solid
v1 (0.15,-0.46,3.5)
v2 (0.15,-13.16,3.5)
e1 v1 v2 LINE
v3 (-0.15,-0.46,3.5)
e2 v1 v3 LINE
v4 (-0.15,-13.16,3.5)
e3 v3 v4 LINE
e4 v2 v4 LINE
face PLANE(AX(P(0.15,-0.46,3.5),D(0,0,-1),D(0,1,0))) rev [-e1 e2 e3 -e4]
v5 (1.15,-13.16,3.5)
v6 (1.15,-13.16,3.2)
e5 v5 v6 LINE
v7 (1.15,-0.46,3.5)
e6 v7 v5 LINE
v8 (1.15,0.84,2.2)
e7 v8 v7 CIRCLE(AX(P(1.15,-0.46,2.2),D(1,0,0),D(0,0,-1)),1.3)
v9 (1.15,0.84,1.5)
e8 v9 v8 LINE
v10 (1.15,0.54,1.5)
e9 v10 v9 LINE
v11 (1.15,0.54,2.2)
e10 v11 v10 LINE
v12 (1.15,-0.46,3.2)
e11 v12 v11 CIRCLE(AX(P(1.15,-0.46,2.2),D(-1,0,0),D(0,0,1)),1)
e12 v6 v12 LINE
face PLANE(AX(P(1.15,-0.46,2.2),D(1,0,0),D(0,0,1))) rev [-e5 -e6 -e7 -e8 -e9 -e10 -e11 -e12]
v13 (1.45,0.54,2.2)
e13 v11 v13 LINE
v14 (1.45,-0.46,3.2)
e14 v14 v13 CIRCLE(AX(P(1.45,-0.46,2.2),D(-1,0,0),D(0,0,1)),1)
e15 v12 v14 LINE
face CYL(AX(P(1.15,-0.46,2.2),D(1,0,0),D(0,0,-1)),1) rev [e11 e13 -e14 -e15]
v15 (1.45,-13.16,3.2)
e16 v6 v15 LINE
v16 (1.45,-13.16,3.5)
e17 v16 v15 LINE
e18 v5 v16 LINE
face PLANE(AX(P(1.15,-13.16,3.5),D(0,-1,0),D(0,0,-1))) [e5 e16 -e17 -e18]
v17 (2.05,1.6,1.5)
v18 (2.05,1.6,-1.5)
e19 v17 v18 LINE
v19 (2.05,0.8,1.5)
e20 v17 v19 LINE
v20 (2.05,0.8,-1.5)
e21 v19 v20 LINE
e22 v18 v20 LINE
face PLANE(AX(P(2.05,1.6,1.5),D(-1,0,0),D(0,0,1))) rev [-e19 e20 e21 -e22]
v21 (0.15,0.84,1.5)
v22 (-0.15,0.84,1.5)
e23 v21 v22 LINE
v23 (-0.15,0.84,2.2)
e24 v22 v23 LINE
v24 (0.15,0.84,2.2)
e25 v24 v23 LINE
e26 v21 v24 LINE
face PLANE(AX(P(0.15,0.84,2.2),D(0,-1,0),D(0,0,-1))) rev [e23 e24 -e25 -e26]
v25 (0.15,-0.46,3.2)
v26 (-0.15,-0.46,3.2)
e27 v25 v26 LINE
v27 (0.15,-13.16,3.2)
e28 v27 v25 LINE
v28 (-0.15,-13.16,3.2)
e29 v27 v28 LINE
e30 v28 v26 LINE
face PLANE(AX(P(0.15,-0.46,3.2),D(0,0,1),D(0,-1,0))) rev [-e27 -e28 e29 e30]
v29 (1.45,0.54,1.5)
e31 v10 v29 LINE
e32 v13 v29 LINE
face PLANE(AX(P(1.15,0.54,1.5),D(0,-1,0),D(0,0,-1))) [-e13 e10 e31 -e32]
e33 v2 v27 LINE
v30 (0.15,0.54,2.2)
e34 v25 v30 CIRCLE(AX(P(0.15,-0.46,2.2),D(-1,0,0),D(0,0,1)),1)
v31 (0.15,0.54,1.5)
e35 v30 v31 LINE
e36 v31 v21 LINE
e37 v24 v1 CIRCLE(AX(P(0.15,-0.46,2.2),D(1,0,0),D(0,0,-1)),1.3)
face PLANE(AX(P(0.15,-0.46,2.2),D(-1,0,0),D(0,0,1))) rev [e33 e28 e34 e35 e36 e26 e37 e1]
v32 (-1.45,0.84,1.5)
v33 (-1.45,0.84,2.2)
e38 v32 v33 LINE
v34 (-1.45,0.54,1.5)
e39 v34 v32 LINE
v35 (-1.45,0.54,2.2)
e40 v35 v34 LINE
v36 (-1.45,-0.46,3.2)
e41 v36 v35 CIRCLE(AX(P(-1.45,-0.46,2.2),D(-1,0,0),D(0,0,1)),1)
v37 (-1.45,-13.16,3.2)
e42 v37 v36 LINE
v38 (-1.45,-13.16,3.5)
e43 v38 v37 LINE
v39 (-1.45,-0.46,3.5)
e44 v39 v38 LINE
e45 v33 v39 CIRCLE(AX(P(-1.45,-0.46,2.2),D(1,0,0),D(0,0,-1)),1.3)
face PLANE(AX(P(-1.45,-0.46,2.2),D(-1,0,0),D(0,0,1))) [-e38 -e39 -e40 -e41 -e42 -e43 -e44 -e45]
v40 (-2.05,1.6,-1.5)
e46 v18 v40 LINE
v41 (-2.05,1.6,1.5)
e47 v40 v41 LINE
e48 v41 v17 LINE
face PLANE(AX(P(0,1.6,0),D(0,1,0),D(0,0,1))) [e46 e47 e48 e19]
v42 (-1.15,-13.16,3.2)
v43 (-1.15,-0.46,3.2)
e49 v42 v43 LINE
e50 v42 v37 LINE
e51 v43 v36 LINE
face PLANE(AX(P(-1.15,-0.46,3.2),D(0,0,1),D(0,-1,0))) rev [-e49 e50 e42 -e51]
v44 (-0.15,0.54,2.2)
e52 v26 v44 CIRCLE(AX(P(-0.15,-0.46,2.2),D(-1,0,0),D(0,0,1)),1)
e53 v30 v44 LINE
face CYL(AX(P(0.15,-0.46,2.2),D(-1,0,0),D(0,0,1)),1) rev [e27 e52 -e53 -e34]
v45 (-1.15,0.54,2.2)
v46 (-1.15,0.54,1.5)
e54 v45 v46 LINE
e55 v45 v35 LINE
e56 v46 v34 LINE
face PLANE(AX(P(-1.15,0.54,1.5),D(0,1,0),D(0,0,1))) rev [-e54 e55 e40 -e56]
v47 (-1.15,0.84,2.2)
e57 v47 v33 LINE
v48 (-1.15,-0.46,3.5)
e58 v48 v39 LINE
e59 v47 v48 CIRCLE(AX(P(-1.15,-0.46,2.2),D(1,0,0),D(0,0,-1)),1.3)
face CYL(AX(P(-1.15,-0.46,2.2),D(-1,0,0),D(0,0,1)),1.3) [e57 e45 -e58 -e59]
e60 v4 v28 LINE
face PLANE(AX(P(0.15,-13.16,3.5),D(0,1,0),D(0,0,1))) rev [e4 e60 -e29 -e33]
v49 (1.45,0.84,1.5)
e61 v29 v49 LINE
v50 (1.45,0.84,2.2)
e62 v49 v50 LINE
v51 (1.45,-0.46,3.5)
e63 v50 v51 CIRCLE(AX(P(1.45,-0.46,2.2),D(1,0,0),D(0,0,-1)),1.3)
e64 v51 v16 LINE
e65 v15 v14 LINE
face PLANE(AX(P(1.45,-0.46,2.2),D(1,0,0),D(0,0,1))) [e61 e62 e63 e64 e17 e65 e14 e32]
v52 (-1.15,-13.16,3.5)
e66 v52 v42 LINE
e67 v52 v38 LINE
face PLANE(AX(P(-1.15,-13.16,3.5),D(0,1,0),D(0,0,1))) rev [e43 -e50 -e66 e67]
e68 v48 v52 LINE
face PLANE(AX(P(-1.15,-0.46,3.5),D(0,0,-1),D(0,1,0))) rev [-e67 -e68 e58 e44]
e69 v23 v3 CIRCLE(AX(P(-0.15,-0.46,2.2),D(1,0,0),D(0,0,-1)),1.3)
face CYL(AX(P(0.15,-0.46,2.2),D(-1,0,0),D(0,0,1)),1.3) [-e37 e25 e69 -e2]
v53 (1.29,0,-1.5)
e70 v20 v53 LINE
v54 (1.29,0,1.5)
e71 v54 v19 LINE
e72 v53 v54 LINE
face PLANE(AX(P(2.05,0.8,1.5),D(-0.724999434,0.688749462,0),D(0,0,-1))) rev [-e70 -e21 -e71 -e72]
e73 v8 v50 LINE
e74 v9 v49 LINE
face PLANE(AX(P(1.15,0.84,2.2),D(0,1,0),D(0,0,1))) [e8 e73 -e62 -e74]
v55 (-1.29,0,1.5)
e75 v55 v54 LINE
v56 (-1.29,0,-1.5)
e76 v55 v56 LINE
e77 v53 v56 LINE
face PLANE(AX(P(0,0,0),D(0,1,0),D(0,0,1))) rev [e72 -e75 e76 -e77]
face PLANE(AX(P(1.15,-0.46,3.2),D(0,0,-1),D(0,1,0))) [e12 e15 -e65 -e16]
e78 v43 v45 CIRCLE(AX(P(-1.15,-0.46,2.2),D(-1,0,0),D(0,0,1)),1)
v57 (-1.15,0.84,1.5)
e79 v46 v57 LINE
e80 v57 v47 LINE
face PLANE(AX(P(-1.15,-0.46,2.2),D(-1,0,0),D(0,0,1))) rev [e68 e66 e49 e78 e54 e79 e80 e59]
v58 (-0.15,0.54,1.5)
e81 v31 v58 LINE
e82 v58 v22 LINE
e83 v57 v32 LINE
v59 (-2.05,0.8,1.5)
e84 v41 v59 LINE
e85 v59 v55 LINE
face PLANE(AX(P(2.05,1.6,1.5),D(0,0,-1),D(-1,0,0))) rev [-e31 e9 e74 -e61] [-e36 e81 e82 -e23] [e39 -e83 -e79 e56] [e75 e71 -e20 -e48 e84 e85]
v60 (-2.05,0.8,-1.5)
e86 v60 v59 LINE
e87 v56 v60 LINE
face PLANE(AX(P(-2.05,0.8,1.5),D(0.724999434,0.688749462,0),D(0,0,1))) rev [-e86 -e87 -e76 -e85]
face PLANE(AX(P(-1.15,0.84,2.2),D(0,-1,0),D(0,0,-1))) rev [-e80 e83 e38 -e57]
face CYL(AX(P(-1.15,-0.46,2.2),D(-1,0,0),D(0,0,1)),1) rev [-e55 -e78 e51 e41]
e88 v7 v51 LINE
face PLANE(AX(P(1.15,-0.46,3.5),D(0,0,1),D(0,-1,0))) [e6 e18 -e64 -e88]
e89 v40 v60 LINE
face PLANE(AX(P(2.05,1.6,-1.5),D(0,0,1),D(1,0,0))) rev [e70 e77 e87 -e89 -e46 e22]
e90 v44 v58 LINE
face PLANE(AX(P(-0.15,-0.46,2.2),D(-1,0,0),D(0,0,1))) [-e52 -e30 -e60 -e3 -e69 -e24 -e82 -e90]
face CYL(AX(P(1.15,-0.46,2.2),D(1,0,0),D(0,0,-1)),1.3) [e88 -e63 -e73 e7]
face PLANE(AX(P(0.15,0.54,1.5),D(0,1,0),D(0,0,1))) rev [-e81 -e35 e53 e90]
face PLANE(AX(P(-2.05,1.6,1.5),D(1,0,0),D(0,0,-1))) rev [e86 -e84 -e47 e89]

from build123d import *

# Parameters (mm, degrees)
SKETCH_1_W             = 4.1
SKETCH_1_H             = 3
EXTRUDE_1_DEPTH        = 1.6
CHAMFER_1_SIZE         = 0.76
CHAMFER_1_SIZE2        = 0.8
EXTRUDE_2_DEPTH        = 0.15
PATTERN_LINEAR_1_COUNT = 2
PATTERN_LINEAR_1_PITCH = 1.3
MIRROR_1_COPY_1_DEPTH  = 0.15
MIRROR_1_COPY_2_DEPTH  = 0.15


with BuildPart() as part:
    # Эскиз1 → Бобышка-Вытянуть1 (new body)
    with BuildSketch(Plane(origin=(0, 0, 0), x_dir=(1, 0, 0), z_dir=(0, 1, 0))):
        Rectangle(SKETCH_1_W, SKETCH_1_H)
    extrude(amount=EXTRUDE_1_DEPTH)

    # Фаска1
    chamfer_1_edges = [part.edges().sort_by_distance(p)[0] for p in [
        (2.05, 0, 0),
        (-2.05, 0, 0),
    ]]
    chamfer_1_side = [part.faces().sort_by_distance(p)[0] for p in [
        (0, 0, 0),
    ]]
    chamfer(chamfer_1_edges, length=CHAMFER_1_SIZE, length2=CHAMFER_1_SIZE2, reference=chamfer_1_side[0])

    # Эскиз2 → Бобышка-Вытянуть2 (add, symmetric)
    with BuildSketch(Plane(origin=(0, 0, 0), x_dir=(0, 0, -1), z_dir=(1, 0, 0))):
        with BuildLine():
            Line((-2.2, 0.84), (-1.5, 0.84))
            Line((-1.5, 0.84), (-1.5, 0.54))
            Line((-1.5, 0.54), (-2.2, 0.54))
            ThreePointArc((-2.2, 0.54), (-2.907106781, 0.247106781), (-3.2, -0.46))
            Line((-3.2, -0.46), (-3.2, -13.16))
            Line((-3.2, -13.16), (-3.5, -13.16))
            Line((-3.5, -13.16), (-3.5, -0.46))
            ThreePointArc((-3.5, -0.46), (-3.119238816, 0.459238816), (-2.2, 0.84))
        make_face()
    extrude_2 = extrude(amount=EXTRUDE_2_DEPTH, both=True)

    # Линейный массив1: Бобышка-Вытянуть2 ×2
    with Locations(*[(-i * PATTERN_LINEAR_1_PITCH, 0, 0) for i in range(1, PATTERN_LINEAR_1_COUNT)]):
        add(extrude_2)

    # Зеркальное отражение1 copy 1 sketch → Зеркальное отражение1 copy 1 (add, symmetric)
    with BuildSketch(Plane(origin=(1.3, 0, 0), x_dir=(0, 0, -1), z_dir=(-1, 0, 0))):
        with BuildLine():
            Line((-2.2, -0.84), (-1.5, -0.84))
            Line((-1.5, -0.84), (-1.5, -0.54))
            Line((-1.5, -0.54), (-2.2, -0.54))
            ThreePointArc((-2.2, -0.54), (-2.907106781, -0.247106781), (-3.2, 0.46))
            Line((-3.2, 0.46), (-3.2, 13.16))
            Line((-3.2, 13.16), (-3.5, 13.16))
            Line((-3.5, 13.16), (-3.5, 0.46))
            ThreePointArc((-3.5, 0.46), (-3.119238816, -0.459238816), (-2.2, -0.84))
        make_face()
    extrude(amount=MIRROR_1_COPY_1_DEPTH, both=True)

    # Зеркальное отражение1 copy 2 sketch → Зеркальное отражение1 copy 2 (add, symmetric)
    with BuildSketch(Plane(origin=(0, 0, 0), x_dir=(0, 0, -1), z_dir=(-1, 0, 0))):
        with BuildLine():
            Line((-2.2, -0.84), (-1.5, -0.84))
            Line((-1.5, -0.84), (-1.5, -0.54))
            Line((-1.5, -0.54), (-2.2, -0.54))
            ThreePointArc((-2.2, -0.54), (-2.907106781, -0.247106781), (-3.2, 0.46))
            Line((-3.2, 0.46), (-3.2, 13.16))
            Line((-3.2, 13.16), (-3.5, 13.16))
            Line((-3.5, 13.16), (-3.5, 0.46))
            ThreePointArc((-3.5, 0.46), (-3.119238816, -0.459238816), (-2.2, -0.84))
        make_face()
    extrude(amount=MIRROR_1_COPY_2_DEPTH, both=True)


solid = part.part
